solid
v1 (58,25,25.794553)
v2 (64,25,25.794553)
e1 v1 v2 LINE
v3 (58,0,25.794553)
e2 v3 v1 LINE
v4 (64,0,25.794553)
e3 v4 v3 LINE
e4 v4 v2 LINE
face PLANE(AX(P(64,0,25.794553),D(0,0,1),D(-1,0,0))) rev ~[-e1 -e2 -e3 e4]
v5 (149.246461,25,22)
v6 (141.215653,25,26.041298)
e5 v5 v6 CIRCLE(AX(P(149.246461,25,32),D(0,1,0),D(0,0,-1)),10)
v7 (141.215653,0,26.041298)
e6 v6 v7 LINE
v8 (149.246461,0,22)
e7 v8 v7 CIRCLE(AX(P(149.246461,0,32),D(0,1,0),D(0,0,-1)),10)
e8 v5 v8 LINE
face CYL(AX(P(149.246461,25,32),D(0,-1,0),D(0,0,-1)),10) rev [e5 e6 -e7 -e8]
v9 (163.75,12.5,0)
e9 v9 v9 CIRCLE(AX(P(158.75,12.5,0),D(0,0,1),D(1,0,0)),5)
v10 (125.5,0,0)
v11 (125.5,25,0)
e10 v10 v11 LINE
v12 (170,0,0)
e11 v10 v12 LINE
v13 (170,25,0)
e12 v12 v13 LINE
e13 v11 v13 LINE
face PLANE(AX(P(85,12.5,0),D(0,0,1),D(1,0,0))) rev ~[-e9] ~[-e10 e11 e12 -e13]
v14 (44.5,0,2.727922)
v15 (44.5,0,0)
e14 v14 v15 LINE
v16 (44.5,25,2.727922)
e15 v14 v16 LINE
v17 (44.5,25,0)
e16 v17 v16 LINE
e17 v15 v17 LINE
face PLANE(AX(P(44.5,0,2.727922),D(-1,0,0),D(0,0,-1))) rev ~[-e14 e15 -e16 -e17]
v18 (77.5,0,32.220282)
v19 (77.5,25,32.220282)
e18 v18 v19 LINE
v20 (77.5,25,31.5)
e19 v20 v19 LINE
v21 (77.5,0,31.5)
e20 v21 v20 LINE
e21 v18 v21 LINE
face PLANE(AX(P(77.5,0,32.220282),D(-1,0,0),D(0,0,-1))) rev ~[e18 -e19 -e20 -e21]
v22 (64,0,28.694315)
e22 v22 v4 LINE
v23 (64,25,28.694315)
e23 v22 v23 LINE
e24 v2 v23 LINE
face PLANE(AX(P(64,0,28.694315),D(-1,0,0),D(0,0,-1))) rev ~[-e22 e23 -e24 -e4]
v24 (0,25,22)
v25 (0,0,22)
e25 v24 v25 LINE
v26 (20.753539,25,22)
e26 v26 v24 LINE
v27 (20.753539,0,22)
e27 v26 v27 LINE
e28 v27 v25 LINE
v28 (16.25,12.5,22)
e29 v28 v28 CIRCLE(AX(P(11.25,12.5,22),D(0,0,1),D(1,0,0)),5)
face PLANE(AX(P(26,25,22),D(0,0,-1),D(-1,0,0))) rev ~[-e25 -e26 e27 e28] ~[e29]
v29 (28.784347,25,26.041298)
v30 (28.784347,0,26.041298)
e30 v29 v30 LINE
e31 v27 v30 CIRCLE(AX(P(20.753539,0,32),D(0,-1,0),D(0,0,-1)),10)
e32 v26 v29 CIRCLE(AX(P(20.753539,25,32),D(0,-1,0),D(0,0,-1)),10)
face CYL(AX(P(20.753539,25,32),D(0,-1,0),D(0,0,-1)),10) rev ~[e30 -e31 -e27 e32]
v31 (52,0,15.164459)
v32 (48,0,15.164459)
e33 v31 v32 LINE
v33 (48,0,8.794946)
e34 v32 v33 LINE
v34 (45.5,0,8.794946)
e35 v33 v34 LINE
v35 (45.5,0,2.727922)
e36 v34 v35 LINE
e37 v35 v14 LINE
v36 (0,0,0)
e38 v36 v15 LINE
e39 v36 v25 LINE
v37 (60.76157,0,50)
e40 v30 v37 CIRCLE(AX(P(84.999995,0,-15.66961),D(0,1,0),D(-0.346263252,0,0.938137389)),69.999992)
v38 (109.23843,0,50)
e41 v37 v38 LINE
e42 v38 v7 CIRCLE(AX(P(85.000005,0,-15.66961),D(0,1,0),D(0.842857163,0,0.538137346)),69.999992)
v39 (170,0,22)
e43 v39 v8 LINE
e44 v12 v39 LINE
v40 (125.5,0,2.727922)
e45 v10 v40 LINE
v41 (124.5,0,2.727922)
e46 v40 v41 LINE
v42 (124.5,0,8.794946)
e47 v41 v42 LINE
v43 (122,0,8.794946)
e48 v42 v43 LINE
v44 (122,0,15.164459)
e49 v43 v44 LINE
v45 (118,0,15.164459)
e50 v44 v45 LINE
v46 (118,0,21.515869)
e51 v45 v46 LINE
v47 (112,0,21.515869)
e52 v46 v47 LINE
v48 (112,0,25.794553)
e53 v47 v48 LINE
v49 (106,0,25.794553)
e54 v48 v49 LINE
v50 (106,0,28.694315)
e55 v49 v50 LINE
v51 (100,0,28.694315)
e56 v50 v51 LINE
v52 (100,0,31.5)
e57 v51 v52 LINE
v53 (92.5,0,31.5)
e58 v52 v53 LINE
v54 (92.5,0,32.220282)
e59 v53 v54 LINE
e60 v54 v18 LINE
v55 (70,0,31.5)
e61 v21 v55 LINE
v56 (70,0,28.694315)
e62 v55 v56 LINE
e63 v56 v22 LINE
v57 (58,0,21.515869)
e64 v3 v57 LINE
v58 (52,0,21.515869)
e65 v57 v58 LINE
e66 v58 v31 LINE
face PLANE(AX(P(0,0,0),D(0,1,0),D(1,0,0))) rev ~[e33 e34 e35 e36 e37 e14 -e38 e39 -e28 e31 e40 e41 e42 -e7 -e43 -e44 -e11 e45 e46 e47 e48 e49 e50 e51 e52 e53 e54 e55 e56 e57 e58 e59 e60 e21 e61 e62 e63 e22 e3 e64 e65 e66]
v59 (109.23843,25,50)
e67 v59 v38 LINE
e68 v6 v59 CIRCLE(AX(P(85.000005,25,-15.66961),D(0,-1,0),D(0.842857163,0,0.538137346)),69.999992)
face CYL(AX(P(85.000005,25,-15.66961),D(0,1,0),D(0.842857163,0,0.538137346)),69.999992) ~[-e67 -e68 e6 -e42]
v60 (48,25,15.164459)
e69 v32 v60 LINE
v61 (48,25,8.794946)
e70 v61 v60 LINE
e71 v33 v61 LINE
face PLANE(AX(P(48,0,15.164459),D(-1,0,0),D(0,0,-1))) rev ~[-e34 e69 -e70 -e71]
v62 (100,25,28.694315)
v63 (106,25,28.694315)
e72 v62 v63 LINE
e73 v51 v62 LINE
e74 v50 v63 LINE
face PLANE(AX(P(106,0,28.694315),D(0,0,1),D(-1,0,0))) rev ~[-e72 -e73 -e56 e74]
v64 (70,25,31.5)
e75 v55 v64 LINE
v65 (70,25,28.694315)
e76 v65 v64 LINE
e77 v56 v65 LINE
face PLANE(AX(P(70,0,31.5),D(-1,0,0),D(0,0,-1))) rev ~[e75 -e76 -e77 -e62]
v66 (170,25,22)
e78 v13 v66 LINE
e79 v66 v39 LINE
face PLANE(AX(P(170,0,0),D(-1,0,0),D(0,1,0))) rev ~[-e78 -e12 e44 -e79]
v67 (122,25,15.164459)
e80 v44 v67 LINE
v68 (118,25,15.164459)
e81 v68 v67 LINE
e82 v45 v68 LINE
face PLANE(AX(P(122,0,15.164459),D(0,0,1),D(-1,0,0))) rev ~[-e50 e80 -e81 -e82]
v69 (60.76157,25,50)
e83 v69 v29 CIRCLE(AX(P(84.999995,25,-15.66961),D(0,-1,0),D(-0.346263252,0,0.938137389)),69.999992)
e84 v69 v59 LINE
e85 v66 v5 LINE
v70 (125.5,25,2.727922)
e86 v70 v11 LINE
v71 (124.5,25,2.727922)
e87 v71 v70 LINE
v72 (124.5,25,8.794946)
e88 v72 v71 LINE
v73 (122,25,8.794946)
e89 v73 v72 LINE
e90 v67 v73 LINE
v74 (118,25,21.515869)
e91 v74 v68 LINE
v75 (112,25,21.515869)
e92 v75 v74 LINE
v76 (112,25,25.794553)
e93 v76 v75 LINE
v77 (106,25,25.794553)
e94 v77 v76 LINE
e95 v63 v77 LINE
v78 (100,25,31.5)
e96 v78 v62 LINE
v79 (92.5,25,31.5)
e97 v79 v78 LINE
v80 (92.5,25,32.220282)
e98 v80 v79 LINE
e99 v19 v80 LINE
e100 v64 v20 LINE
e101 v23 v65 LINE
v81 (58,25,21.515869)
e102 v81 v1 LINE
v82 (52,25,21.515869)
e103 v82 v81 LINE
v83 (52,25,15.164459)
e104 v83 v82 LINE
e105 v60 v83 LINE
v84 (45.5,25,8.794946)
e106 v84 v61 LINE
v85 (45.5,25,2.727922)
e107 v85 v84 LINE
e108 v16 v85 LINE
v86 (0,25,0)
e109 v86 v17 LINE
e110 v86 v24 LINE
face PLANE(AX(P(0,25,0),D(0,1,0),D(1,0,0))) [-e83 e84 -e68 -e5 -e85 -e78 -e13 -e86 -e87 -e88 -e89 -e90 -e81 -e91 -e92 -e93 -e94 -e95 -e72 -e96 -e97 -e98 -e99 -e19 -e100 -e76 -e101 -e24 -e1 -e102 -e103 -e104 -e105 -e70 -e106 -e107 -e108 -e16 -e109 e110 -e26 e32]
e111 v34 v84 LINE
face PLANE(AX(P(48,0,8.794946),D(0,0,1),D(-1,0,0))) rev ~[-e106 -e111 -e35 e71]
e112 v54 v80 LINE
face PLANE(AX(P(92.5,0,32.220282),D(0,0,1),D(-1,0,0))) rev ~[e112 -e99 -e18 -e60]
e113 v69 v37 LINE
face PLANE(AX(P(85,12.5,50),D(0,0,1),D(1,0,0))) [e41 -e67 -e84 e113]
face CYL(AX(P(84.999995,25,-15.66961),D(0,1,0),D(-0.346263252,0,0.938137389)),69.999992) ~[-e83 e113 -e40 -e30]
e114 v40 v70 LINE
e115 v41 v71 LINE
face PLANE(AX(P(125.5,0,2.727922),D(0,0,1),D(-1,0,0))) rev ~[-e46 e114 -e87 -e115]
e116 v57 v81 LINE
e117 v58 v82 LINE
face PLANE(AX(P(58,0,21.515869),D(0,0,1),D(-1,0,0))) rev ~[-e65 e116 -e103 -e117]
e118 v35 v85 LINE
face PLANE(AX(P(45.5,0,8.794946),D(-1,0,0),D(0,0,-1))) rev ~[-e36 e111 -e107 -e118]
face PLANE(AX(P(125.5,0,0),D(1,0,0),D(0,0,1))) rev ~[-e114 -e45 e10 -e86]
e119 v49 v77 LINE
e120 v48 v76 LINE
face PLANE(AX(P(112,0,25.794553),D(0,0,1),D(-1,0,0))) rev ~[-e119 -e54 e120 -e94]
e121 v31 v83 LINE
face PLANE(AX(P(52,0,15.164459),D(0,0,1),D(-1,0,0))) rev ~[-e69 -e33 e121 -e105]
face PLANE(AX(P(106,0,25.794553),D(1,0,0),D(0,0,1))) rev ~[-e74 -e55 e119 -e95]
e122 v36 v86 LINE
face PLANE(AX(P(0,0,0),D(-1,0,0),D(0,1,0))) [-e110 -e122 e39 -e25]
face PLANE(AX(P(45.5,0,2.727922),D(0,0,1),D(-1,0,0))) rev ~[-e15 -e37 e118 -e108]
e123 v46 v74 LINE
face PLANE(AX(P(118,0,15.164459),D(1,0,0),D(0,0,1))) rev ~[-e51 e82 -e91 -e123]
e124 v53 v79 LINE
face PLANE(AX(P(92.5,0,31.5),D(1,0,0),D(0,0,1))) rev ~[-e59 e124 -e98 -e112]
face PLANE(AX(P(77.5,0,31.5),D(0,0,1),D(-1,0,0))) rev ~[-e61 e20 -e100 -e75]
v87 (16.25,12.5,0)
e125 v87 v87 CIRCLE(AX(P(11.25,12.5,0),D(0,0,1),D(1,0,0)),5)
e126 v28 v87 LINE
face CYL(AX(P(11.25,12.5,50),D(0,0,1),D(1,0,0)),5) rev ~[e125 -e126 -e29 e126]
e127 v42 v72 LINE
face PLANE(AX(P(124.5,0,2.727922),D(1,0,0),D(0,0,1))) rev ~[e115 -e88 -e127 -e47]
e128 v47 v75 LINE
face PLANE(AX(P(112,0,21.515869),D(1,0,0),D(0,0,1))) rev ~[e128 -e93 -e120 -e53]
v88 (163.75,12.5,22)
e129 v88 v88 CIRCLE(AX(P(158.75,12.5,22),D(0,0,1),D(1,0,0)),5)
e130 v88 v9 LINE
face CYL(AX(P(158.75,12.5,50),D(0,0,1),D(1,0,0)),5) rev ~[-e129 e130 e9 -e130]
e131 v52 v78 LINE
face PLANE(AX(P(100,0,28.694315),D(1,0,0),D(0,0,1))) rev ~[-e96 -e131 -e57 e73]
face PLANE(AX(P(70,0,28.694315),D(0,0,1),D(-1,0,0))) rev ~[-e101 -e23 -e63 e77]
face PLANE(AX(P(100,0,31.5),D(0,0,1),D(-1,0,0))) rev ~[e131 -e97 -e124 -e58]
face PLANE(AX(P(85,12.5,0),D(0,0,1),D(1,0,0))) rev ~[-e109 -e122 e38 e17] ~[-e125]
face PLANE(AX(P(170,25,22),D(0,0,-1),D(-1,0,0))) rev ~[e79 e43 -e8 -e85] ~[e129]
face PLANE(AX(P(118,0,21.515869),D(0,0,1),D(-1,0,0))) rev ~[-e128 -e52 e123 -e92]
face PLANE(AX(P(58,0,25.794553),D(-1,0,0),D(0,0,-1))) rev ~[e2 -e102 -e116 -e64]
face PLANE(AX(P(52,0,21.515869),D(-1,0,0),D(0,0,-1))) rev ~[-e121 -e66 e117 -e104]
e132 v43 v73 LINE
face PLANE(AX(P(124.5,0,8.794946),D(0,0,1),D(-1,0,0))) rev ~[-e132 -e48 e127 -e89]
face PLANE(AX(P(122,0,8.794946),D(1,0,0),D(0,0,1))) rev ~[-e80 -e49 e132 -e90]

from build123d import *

# Parameters (mm, degrees)
F0_W     = 170
F0_H     = 25
F1_DEPTH = 50
F2_R     = 5
F3_DEPTH = 50.001
F5_DEPTH = 25.001
F7_DEPTH = 25.001
F8_R     = 10


with BuildPart() as f1:
    # F0 (on Top) → F1 (new body)
    with BuildSketch(Plane.XY):
        with Locations((85, 12.5)):
            Rectangle(F0_W, F0_H)
    extrude(amount=F1_DEPTH)

    # F2 (on face) → F3 (cut, through all)
    with BuildSketch(Plane.XY.offset(50)):
        with Locations((11.25, 12.5)):
            Circle(F2_R)
        with Locations((158.75, 12.5)):
            Circle(F2_R)
    extrude(amount=-F3_DEPTH, mode=Mode.SUBTRACT)

    # F4 (on face) → F5 (cut, through all)
    with BuildSketch(Plane.XZ):
        Polygon((100, 31.5), (92.5, 31.5), (92.5, 32.220282), (85, 32.220282), (77.5, 32.220282), (77.5, 31.5), (70, 31.5), (70, 28.694315), (64, 28.694315), (64, 25.794553), (58, 25.794553), (58, 21.515869), (52, 21.515869), (52, 15.164459), (48, 15.164459), (48, 8.794946), (45.5, 8.794946), (45.5, 2.727922), (44.5, 2.727922), (44.5, 0), (125.5, 0), (125.5, 2.727922), (124.5, 2.727922), (124.5, 8.794946), (122, 8.794946), (122, 15.164459), (118, 15.164459), (118, 21.515869), (112, 21.515869), (112, 25.794553), (106, 25.794553), (106, 28.694315), (100, 28.694315), align=None)
    extrude(amount=-F5_DEPTH, mode=Mode.SUBTRACT)

    # F6 (on face) → F7 (cut, through all)
    with BuildSketch(Plane(origin=(0, 25, 0), x_dir=(-1, 0, 0), z_dir=(0, 1, 0))):
        with BuildLine():
            Line((-170, 22), (-144, 22))
            ThreePointArc((-144, 22), (-128.910808, 38.844978), (-109.23843, 50))
            Line((-109.23843, 50), (-170, 50))
            Line((-170, 50), (-170, 22))
        make_face()
        with BuildLine():
            Line((-26, 22), (0, 22))
            Line((0, 22), (0, 50))
            Line((0, 50), (-60.76157, 50))
            ThreePointArc((-60.76157, 50), (-41.089192, 38.844978), (-26, 22))
        make_face()
    extrude(amount=-F7_DEPTH, mode=Mode.SUBTRACT)

    # F8
    f8_edges = [f1.edges().sort_by_distance(p)[0] for p in [
        (144, 12.5, 22),
        (26, 12.5, 22),
    ]]
    fillet(f8_edges, radius=F8_R)


solid = f1.part
